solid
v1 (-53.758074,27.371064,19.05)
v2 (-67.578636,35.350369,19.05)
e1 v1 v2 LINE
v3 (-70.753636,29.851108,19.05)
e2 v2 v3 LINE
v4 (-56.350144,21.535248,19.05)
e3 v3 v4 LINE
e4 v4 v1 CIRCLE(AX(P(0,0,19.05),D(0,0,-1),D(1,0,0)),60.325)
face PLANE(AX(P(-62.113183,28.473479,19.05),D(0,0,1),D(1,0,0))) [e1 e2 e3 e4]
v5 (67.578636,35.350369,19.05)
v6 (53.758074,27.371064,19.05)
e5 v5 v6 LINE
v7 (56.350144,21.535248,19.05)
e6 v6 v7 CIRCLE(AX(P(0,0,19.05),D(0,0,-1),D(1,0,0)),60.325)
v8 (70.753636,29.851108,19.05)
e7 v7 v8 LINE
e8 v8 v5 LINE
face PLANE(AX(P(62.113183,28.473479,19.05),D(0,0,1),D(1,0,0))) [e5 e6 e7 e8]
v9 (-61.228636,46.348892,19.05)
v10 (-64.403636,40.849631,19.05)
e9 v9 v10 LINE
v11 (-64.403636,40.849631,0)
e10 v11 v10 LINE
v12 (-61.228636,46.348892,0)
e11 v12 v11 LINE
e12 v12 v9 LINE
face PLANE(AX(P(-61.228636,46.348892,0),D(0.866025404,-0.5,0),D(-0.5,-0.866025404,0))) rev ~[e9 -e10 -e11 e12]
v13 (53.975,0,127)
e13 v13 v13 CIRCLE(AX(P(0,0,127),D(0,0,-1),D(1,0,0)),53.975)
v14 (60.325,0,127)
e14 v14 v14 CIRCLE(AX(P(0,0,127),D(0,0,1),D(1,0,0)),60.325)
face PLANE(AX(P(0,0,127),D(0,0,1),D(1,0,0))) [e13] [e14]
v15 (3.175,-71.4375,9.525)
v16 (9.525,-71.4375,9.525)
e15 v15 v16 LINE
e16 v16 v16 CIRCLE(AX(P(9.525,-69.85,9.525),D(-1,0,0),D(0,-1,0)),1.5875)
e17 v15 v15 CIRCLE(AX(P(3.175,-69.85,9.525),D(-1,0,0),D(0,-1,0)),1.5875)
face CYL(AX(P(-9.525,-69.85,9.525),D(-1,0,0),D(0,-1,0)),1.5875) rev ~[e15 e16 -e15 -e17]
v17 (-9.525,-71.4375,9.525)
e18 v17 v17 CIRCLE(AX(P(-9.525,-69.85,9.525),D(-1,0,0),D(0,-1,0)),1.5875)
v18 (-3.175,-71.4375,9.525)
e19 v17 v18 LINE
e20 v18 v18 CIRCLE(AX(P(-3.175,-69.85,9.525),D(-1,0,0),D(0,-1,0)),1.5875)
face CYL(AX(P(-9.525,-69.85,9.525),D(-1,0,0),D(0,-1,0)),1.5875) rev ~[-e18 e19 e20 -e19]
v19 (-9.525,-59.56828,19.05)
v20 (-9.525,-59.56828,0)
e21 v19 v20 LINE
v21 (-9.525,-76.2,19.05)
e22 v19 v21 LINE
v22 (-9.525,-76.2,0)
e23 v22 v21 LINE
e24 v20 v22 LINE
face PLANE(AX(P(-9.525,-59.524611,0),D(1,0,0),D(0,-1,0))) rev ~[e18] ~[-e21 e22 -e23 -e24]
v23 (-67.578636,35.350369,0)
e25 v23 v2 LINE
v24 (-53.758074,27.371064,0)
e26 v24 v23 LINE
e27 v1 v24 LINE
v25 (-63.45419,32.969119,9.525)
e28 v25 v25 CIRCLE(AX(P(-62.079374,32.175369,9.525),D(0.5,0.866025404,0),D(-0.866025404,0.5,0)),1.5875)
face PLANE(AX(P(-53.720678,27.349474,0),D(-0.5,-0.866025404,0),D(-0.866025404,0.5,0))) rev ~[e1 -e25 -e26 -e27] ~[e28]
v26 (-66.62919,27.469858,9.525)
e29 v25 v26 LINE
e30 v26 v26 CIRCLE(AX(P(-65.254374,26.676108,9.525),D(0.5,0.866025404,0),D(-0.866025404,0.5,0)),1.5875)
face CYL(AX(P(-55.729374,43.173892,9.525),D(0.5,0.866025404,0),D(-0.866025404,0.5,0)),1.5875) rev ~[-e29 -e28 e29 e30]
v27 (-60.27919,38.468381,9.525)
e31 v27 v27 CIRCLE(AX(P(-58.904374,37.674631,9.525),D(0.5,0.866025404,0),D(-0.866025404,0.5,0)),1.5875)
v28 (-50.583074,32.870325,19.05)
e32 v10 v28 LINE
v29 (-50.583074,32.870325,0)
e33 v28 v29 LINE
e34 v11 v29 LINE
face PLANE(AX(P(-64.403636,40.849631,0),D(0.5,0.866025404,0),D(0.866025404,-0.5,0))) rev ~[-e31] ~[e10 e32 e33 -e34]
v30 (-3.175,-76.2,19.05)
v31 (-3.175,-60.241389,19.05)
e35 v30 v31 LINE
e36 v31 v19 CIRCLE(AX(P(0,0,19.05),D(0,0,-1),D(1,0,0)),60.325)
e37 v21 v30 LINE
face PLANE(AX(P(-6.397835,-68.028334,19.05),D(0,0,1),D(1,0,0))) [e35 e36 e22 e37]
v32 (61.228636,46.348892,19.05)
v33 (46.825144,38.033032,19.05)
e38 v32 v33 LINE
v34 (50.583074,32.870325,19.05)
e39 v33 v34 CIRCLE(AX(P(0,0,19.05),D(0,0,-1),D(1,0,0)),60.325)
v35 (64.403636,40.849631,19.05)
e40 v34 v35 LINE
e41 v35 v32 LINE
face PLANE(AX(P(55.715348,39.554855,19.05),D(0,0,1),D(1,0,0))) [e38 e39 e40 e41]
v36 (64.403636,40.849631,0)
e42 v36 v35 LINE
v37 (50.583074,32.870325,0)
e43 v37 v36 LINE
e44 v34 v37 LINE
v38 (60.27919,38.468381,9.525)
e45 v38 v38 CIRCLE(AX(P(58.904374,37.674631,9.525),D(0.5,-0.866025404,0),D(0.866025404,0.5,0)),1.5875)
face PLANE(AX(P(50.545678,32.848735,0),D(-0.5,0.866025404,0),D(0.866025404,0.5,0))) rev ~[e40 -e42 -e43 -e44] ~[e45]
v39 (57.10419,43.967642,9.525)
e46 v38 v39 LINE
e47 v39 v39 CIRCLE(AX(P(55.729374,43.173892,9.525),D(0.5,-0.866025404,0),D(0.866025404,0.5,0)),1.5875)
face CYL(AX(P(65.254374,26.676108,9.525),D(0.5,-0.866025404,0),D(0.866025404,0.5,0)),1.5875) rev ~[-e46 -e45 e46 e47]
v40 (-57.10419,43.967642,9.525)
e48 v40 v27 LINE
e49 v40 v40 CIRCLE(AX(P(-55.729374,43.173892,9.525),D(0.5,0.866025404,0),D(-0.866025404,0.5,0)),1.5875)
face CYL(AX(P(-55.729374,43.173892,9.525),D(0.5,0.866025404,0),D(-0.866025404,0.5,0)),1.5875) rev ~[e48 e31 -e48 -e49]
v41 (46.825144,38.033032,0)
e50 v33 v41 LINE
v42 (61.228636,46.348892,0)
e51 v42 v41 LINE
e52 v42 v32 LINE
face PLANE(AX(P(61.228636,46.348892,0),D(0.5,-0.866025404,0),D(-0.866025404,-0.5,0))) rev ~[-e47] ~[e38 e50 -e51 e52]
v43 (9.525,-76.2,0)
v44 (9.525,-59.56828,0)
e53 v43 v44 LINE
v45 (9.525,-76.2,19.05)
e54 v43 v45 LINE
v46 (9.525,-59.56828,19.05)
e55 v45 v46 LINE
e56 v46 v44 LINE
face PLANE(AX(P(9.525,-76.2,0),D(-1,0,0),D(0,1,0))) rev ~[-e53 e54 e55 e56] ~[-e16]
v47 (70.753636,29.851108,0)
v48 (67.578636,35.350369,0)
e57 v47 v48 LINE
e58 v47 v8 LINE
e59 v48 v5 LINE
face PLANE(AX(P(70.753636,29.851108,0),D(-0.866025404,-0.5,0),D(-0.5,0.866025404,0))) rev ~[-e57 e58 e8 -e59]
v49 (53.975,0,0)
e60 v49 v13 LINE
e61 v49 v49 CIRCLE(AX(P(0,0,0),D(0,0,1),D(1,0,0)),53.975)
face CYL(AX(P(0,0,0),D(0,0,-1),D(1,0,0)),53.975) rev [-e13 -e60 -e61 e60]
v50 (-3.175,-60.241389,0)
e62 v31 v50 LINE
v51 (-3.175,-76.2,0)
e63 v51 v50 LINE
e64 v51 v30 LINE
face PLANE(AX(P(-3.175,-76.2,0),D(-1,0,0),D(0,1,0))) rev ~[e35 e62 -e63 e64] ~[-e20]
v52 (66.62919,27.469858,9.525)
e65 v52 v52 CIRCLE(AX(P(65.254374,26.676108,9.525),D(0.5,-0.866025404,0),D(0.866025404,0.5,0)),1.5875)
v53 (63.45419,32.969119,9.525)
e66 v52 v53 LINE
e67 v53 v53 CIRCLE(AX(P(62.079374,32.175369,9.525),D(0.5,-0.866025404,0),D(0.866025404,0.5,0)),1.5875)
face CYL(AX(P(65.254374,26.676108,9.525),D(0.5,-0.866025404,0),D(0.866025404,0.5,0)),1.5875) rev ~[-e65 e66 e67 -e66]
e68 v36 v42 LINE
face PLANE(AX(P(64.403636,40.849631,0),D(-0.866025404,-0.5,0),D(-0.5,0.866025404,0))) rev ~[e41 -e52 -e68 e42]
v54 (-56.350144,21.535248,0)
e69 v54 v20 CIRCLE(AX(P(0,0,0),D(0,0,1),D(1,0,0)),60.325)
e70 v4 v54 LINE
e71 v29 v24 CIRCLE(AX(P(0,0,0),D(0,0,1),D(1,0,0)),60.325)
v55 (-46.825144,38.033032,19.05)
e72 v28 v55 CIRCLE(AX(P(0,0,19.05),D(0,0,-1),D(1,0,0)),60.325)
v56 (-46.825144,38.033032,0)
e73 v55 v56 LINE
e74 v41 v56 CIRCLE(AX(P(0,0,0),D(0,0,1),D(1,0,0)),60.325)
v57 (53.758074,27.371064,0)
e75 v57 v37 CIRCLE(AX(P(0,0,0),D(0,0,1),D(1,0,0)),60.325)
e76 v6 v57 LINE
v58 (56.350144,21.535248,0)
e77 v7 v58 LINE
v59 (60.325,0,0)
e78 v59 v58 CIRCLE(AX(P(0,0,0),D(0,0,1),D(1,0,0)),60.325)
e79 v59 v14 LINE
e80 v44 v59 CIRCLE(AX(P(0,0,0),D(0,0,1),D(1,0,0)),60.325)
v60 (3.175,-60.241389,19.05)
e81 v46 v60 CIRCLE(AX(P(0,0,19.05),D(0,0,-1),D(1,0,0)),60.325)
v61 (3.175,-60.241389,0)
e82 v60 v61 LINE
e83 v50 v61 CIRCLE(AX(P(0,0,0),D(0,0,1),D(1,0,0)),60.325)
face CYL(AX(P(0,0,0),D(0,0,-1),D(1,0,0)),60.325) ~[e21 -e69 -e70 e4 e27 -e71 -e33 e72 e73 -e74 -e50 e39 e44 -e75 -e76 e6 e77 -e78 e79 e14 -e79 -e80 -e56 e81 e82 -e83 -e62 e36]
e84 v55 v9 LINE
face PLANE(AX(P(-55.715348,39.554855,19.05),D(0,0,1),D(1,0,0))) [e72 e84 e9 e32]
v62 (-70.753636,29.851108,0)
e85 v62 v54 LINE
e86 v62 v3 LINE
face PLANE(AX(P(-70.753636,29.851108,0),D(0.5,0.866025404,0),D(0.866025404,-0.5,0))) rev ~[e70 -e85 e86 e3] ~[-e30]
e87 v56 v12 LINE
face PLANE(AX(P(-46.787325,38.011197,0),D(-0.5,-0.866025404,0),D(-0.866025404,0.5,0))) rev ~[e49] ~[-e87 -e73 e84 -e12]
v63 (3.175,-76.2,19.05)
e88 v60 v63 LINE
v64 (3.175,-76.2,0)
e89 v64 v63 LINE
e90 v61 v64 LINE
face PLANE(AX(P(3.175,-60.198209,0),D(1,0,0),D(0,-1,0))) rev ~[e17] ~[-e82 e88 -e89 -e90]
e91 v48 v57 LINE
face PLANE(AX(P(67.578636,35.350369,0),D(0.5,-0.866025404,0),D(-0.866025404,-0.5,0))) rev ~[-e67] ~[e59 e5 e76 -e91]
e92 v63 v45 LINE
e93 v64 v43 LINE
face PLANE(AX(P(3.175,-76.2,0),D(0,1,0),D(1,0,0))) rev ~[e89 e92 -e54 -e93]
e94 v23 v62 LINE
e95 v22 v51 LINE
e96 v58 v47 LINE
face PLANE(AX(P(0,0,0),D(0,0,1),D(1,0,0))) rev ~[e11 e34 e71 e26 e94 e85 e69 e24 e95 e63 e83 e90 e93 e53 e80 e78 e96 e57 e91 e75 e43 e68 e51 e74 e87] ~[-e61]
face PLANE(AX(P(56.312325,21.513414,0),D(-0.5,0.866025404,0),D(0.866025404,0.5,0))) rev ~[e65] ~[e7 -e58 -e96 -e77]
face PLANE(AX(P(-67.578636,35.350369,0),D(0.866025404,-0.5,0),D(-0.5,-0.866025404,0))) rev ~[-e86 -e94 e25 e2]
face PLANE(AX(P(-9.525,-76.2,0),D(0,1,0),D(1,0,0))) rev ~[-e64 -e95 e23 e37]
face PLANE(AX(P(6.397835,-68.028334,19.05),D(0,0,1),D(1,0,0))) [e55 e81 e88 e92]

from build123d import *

# Parameters (mm, degrees)
F1_R      = 60.325
F2_DEPTH  = 127
F0_R      = 53.975
F3_DEPTH  = 184.912
F5_DEPTH  = 19.05
F6_R      = 1.5875
F7_DEPTH  = 25.4
F8_R      = 1.5875
F9_DEPTH  = 25.4
F10_R     = 1.5875
F11_DEPTH = 36.6522


with BuildPart() as f2:
    # F1 (on Top) → F2 (new body)
    with BuildSketch(Plane.XY):
        Circle(F1_R)
    extrude(amount=F2_DEPTH)

    # F0 (on Top) → F3 (cut)
    with BuildSketch(Plane.XY):
        Circle(F0_R)
    extrude(amount=F3_DEPTH, mode=Mode.SUBTRACT)

    # F4 (on Top) → F5 (join)
    with BuildSketch(Plane.XY):
        with BuildLine():
            ThreePointArc((-56.3123252778, 21.5134135298), (-55.0938321912, 24.4657841564), (-53.7206778829, 27.3494736274))
            Line((-53.7206778829, 27.3494736274), (-67.5786357684, 35.350369343))
            Line((-67.5786357684, 35.350369343), (-70.7536357684, 29.851108029))
            Line((-70.7536357684, 29.851108029), (-56.3123252778, 21.5134135298))
        make_face()
        with BuildLine():
            Line((-64.4036357684, 40.849630657), (-50.5456778829, 32.8487349414))
            ThreePointArc((-50.5456778829, 32.8487349414), (-48.7349066985, 35.4797661912), (-46.7873252778, 38.0111974719))
            Line((-46.7873252778, 38.0111974719), (-61.2286357684, 46.348891971))
            Line((-61.2286357684, 46.348891971), (-64.4036357684, 40.849630657))
        make_face()
        with BuildLine():
            Line((67.5786357684, 35.350369343), (53.7206778829, 27.3494736274))
            ThreePointArc((53.7206778829, 27.3494736274), (55.0938321912, 24.4657841564), (56.3123252778, 21.5134135298))
            Line((56.3123252778, 21.5134135298), (70.7536357684, 29.851108029))
            Line((70.7536357684, 29.851108029), (67.5786357684, 35.350369343))
        make_face()
        with BuildLine():
            ThreePointArc((46.7873252778, 38.0111974719), (48.7349066985, 35.4797661912), (50.5456778829, 32.8487349414))
            Line((50.5456778829, 32.8487349414), (64.4036357684, 40.849630657))
            Line((64.4036357684, 40.849630657), (61.2286357684, 46.348891971))
            Line((61.2286357684, 46.348891971), (46.7873252778, 38.0111974719))
        make_face()
        with BuildLine():
            Line((-3.175, -76.2), (-3.175, -60.1982085688))
            ThreePointArc((-3.175, -60.1982085688), (-6.3589254926, -59.9455503476), (-9.525, -59.5246110016))
            Line((-9.525, -59.5246110016), (-9.525, -76.2))
            Line((-9.525, -76.2), (-3.175, -76.2))
        make_face()
        with BuildLine():
            ThreePointArc((9.525, -59.5246110016), (6.3589254926, -59.9455503476), (3.175, -60.1982085688))
            Line((3.175, -60.1982085688), (3.175, -76.2))
            Line((3.175, -76.2), (9.525, -76.2))
            Line((9.525, -76.2), (9.525, -59.5246110016))
        make_face()
    extrude(amount=F5_DEPTH)

    # F6 (on face) → F7 (cut)
    with BuildSketch(Plane(origin=(4.7625, 8.248891971, 0), x_dir=(-0.8660254038, 0.5, 0), z_dir=(0.5, 0.8660254038, 0))):
        with Locations((69.85, 9.525)):
            Circle(F6_R)
    extrude(amount=-F7_DEPTH, mode=Mode.SUBTRACT)

    # F8 (on face) → F9 (cut)
    with BuildSketch(Plane(origin=(4.7625, -8.248891971, 0), x_dir=(0.8660254038, 0.5, 0), z_dir=(0.5, -0.8660254038, 0))):
        with Locations((69.85, 9.525)):
            Circle(F8_R)
    extrude(amount=-F9_DEPTH, mode=Mode.SUBTRACT)

    # F10 (on face) → F11 (cut)
    with BuildSketch(Plane(origin=(-9.525, 0, 0), x_dir=(0, -1, 0), z_dir=(-1, 0, 0))):
        with Locations((69.85, 9.525)):
            Circle(F10_R)
    extrude(amount=-F11_DEPTH, mode=Mode.SUBTRACT)


solid = f2.part
